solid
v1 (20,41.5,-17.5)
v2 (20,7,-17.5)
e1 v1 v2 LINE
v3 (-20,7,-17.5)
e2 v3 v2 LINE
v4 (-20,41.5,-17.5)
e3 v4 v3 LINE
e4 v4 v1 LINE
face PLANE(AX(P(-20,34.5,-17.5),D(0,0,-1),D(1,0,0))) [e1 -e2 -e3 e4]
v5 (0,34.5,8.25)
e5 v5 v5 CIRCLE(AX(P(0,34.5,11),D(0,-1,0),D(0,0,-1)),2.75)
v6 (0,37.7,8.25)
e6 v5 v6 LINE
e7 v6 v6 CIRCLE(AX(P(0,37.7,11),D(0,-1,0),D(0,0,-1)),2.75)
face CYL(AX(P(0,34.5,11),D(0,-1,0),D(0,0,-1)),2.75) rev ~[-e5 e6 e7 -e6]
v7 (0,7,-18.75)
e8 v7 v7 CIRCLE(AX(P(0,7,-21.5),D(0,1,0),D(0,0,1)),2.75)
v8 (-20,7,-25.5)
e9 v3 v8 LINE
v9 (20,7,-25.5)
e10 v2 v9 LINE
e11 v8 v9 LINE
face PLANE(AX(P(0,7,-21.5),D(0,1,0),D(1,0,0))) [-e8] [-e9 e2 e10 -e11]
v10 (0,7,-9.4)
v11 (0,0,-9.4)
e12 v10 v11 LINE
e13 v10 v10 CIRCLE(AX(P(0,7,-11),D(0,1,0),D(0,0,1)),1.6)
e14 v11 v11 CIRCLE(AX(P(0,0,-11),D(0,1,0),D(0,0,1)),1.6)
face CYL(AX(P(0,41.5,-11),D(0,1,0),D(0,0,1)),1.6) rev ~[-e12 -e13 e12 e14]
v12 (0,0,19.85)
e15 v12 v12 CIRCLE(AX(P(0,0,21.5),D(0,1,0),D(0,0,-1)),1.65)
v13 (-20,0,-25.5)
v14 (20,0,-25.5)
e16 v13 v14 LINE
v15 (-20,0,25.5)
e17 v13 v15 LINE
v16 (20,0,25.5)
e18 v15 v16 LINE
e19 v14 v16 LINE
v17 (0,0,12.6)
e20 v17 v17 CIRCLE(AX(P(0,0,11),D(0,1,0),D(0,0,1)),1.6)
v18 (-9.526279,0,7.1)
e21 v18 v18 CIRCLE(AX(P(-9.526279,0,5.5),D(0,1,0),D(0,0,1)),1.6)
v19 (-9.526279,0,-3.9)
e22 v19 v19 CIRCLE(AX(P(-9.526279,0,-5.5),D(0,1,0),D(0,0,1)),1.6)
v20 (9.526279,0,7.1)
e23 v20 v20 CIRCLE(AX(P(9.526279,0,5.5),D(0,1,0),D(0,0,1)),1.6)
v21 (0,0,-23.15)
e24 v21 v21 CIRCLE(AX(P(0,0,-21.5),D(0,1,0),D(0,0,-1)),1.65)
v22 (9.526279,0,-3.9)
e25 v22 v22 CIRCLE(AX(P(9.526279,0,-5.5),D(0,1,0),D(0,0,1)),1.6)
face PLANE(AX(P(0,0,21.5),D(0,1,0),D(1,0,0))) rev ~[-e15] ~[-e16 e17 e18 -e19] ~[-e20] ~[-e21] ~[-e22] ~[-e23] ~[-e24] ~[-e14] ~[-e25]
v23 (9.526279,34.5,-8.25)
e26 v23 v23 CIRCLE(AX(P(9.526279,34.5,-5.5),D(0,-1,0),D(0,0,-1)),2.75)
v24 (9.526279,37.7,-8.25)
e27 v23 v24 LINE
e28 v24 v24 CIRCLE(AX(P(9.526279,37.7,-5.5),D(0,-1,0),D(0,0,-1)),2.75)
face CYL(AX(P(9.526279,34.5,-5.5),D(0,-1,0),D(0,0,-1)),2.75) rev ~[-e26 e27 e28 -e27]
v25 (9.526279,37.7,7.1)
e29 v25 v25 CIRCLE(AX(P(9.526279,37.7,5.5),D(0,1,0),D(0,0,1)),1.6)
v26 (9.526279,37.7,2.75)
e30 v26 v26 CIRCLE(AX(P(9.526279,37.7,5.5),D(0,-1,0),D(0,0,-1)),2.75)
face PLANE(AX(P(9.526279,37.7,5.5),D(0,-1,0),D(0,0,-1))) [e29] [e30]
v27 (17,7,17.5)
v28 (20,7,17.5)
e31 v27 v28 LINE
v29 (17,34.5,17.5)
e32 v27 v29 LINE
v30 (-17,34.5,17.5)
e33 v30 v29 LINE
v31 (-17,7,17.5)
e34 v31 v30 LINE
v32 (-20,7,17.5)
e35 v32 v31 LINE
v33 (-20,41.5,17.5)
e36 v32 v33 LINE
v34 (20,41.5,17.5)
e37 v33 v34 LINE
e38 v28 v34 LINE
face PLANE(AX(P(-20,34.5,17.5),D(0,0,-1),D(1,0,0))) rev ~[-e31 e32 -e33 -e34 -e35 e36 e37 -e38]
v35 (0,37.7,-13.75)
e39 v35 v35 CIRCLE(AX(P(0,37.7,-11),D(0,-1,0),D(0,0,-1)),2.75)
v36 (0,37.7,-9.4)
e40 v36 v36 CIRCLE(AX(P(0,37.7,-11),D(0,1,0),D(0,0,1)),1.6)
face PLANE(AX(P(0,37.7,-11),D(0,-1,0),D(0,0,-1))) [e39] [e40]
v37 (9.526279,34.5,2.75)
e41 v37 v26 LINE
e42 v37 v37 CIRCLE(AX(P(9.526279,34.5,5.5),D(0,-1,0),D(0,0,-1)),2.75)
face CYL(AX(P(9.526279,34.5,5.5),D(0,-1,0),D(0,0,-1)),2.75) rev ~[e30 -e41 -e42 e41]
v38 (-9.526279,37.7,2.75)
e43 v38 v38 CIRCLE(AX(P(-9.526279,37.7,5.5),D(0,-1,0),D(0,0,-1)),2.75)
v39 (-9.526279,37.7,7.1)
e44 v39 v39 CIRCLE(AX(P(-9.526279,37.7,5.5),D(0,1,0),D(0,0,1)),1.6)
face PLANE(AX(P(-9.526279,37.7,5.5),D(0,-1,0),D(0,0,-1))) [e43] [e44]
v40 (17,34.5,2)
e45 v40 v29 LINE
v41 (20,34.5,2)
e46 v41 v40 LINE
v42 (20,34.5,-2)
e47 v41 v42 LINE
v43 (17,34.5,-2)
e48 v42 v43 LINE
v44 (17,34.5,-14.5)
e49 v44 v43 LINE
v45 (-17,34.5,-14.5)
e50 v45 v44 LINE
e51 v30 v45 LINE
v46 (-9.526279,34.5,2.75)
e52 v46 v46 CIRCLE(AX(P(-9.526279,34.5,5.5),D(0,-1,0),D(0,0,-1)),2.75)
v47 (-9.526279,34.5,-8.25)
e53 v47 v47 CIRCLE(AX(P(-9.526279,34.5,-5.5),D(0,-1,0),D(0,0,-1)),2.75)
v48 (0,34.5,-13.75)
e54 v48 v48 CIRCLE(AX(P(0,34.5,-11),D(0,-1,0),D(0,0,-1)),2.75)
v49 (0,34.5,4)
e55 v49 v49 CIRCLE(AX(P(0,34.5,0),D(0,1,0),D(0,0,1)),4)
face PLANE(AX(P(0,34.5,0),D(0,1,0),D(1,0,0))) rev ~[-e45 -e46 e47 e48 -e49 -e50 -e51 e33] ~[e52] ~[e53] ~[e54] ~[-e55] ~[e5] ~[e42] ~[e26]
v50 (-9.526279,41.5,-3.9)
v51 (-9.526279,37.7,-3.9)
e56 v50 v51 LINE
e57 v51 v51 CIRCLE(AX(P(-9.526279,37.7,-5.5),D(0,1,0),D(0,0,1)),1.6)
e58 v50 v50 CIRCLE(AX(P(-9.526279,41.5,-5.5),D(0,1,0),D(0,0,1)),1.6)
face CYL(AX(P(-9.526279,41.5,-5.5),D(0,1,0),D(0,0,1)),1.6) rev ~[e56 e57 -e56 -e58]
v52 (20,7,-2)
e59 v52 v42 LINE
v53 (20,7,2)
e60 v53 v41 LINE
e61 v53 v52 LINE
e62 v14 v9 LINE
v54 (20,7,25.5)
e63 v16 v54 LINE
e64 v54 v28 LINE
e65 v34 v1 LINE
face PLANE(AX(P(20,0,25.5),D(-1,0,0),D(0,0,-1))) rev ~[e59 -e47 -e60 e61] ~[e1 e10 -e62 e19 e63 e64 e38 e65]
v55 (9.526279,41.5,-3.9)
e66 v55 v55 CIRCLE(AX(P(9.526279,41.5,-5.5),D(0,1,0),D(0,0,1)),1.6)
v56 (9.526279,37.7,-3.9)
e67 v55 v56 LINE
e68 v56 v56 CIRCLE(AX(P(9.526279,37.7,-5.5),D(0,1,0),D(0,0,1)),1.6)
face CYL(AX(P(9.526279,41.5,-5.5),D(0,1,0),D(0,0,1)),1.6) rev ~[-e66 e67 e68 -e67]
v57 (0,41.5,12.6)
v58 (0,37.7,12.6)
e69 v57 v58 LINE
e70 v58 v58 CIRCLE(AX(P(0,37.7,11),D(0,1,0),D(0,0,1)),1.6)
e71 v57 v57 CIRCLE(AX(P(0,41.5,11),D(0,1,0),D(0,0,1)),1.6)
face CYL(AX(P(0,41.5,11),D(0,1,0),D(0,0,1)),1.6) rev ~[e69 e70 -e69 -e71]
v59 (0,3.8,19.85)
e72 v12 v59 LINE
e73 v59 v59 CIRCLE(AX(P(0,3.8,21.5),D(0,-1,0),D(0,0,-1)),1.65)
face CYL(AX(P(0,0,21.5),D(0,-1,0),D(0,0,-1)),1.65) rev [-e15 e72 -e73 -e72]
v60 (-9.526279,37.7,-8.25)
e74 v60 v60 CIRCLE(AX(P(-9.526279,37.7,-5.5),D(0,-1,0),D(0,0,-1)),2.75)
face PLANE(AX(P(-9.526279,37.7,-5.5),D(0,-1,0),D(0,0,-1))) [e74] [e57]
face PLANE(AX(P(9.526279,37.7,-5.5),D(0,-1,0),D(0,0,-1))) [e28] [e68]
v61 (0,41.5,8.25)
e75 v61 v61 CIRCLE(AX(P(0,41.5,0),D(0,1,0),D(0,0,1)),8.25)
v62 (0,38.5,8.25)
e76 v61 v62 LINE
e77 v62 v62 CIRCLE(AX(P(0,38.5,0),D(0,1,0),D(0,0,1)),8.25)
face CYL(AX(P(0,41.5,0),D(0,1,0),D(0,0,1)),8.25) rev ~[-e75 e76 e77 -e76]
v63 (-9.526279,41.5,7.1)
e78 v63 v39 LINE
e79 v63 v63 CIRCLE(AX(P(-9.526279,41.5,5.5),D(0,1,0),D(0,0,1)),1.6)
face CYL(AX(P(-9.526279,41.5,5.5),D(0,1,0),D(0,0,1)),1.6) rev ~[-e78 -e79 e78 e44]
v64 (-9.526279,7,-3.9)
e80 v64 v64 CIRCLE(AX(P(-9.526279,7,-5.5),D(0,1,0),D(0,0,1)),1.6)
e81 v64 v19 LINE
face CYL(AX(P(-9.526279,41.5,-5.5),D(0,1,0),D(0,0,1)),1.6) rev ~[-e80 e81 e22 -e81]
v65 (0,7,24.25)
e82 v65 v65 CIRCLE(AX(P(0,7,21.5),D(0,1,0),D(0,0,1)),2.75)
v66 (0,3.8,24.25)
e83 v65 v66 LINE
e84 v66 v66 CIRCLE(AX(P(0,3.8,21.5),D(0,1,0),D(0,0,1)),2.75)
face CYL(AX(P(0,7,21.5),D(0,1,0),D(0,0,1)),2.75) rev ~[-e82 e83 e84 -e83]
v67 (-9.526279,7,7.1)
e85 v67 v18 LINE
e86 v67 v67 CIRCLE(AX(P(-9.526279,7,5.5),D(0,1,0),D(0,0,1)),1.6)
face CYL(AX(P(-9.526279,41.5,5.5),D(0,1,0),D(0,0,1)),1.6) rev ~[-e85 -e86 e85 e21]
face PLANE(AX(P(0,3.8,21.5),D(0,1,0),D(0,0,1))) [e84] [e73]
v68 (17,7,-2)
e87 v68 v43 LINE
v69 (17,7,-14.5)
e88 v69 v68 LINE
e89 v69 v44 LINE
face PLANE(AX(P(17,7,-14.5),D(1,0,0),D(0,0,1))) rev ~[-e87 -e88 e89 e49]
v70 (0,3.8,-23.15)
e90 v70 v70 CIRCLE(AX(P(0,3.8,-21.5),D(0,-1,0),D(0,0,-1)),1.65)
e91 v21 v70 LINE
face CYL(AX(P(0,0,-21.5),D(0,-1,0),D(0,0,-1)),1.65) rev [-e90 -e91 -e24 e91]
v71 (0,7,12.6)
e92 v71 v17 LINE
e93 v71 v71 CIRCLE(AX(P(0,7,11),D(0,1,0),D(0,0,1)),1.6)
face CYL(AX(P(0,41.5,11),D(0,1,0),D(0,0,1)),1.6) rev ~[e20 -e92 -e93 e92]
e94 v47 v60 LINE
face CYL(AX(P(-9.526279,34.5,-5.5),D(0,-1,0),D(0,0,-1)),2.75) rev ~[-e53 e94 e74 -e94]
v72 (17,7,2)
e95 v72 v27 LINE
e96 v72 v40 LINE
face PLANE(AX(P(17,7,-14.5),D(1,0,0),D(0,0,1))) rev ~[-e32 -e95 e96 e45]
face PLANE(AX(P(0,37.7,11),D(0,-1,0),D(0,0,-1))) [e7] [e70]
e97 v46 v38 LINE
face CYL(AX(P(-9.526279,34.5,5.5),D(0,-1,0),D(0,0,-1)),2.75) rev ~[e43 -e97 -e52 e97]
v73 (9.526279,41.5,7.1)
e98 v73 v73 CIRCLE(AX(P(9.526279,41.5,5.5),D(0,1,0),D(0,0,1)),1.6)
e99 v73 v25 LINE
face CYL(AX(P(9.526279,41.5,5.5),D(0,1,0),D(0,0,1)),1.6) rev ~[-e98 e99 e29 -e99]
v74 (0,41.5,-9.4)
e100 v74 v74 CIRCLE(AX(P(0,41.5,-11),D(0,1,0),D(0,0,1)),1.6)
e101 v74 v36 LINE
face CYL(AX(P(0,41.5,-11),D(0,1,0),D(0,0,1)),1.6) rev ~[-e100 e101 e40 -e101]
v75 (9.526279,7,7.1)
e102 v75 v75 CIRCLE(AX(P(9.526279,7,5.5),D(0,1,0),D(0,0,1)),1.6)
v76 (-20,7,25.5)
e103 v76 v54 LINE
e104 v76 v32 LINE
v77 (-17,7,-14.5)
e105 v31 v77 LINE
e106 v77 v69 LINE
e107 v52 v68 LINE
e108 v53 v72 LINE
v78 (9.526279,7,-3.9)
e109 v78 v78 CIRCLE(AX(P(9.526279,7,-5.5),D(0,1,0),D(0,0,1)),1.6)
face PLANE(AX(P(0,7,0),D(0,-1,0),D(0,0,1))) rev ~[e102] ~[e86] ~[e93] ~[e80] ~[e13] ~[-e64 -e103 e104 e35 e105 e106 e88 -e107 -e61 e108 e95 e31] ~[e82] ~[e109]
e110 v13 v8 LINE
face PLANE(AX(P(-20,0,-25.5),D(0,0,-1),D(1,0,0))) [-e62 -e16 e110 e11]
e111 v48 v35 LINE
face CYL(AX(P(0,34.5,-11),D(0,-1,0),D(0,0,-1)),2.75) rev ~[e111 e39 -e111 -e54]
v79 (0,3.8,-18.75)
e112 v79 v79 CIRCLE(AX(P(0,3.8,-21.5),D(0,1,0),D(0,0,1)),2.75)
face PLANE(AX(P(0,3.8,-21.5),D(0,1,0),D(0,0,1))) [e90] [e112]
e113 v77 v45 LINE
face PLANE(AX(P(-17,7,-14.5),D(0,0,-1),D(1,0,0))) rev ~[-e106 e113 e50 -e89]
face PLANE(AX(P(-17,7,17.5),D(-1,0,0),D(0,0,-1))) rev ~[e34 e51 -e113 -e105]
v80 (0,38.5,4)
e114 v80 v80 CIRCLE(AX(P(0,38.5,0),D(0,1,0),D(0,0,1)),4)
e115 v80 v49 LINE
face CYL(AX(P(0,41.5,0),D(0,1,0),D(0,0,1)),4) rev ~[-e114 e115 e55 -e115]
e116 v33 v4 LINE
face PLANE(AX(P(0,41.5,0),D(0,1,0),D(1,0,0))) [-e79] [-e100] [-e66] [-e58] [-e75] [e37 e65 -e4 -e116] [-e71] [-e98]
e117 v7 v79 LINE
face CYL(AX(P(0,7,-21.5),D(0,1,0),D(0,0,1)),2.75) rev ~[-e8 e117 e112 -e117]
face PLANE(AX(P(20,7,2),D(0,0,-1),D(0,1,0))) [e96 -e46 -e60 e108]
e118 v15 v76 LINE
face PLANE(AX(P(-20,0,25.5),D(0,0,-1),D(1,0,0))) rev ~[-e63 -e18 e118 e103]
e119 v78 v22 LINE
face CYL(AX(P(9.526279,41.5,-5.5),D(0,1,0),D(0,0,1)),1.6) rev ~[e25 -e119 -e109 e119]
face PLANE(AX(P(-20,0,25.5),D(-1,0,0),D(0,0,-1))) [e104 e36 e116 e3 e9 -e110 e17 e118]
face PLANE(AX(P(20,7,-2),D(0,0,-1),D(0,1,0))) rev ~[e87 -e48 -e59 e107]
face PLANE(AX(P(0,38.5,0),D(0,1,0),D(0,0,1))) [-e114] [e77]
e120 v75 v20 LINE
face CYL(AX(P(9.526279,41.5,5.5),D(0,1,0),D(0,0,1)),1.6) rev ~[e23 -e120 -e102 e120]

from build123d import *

# Parameters (mm, degrees)
SKETCH1_W           = 40
SKETCH1_H           = 35
BOSS_EXTRUDE1_DEPTH = 7
BOSS_EXTRUDE2_DEPTH = 27.5
SKETCH3_W           = 40
SKETCH3_H           = 35
BOSS_EXTRUDE3_DEPTH = 7
SKETCH4_R           = 1.6
SKETCH4_R_2         = 4
CUT_EXTRUDE1_DEPTH  = 57
SKETCH5_R           = 2.75
CUT_EXTRUDE2_DEPTH  = 3.2
SKETCH6_R           = 8.25
CUT_EXTRUDE3_DEPTH  = 3
SKETCH7_W           = 4
SKETCH7_H           = 27.5
CUT_EXTRUDE4_DEPTH  = 12.4
SKETCH8_W           = 40
SKETCH8_H           = 8
SKETCH8_R           = 1.65
BOSS_EXTRUDE4_DEPTH = 7
SKETCH10_R          = 2.75
CUT_EXTRUDE5_DEPTH  = 3.2
BOSS_EXTRUDE5_START = -7
SKETCH11_R          = 4
BOSS_EXTRUDE5_DEPTH = 7


with BuildPart() as part:
    # Sketch1 → Boss-Extrude1 (new body)
    with BuildSketch(Plane(origin=(0, 0, 0), x_dir=(1, 0, 0), z_dir=(0, 1, 0))):
        Rectangle(SKETCH1_W, SKETCH1_H)
    extrude(amount=BOSS_EXTRUDE1_DEPTH)

    # Sketch2 → Boss-Extrude2 (add)
    with BuildSketch(Plane(origin=(0, 7, 0), x_dir=(1, 0, 0), z_dir=(0, 1, 0))):
        Polygon((-20, -17.5), (-17, -17.5), (-17, 14.5), (17, 14.5), (17, -17.5), (20, -17.5), (20, 17.5), (-20, 17.5), align=None)
    extrude(amount=BOSS_EXTRUDE2_DEPTH)

    # Sketch3 → Boss-Extrude3 (add)
    with BuildSketch(Plane(origin=(0, 34.5, 0), x_dir=(1, 0, 0), z_dir=(0, 1, 0))):
        Rectangle(SKETCH3_W, SKETCH3_H)
    extrude(amount=BOSS_EXTRUDE3_DEPTH)

    # Sketch4 → Cut-Extrude1 (cut)
    with BuildSketch(Plane(origin=(0, 41.5, 0), x_dir=(1, 0, 0), z_dir=(0, 1, 0))):
        with Locations(Location((0, 11, 0), (0, 0, 270))):
            Circle(SKETCH4_R)
        with Locations(Location((9.526279442, 5.5, 0), (0, 0, 270))):
            Circle(SKETCH4_R)
        with Locations(Location((9.526279442, -5.5, 0), (0, 0, 270))):
            Circle(SKETCH4_R)
        with Locations(Location((0, -11, 0), (0, 0, 270))):
            Circle(SKETCH4_R)
        with Locations(Location((-9.526279442, -5.5, 0), (0, 0, 270))):
            Circle(SKETCH4_R)
        with Locations(Location((-9.526279442, 5.5, 0), (0, 0, 270))):
            Circle(SKETCH4_R)
        with Locations(Location((0, 0, 0), (0, 0, 270))):
            Circle(SKETCH4_R_2)
    extrude(amount=-CUT_EXTRUDE1_DEPTH, mode=Mode.SUBTRACT)

    # Sketch5 → Cut-Extrude2 (cut)
    with BuildSketch(Plane.XZ.offset(-34.5)):
        with Locations(Location((0, 11, 0), (0, 0, 270))):
            Circle(SKETCH5_R)
        with Locations(Location((0, -11, 0), (0, 0, 270))):
            Circle(SKETCH5_R)
        with Locations(Location((9.526279442, -5.5, 0), (0, 0, 270))):
            Circle(SKETCH5_R)
        with Locations(Location((9.526279442, 5.5, 0), (0, 0, 270))):
            Circle(SKETCH5_R)
        with Locations(Location((-9.526279442, 5.5, 0), (0, 0, 270))):
            Circle(SKETCH5_R)
        with Locations(Location((-9.526279442, -5.5, 0), (0, 0, 270))):
            Circle(SKETCH5_R)
    extrude(amount=-CUT_EXTRUDE2_DEPTH, mode=Mode.SUBTRACT)

    # Sketch6 → Cut-Extrude3 (cut)
    with BuildSketch(Plane(origin=(0, 41.5, 0), x_dir=(1, 0, 0), z_dir=(0, 1, 0))):
        with Locations(Location((0, 0, 0), (0, 0, 270))):
            Circle(SKETCH6_R)
    extrude(amount=-CUT_EXTRUDE3_DEPTH, mode=Mode.SUBTRACT)

    # Sketch7 → Cut-Extrude4 (cut)
    with BuildSketch(Plane(origin=(20, 0, 0), x_dir=(0, 0, -1), z_dir=(1, 0, 0))):
        with Locations((0, 20.75)):
            Rectangle(SKETCH7_W, SKETCH7_H)
    extrude(amount=-CUT_EXTRUDE4_DEPTH, mode=Mode.SUBTRACT)

    # Sketch8 → Boss-Extrude4 (add)
    # profile 1 of 2: a face of its own
    with BuildSketch(Plane(origin=(0, 0, 0), x_dir=(1, 0, 0), z_dir=(0, 1, 0))):
        with Locations((0, -21.5)):
            Rectangle(SKETCH8_W, SKETCH8_H)
        with Locations(Location((0, -21.5, 0), (0, 0, 90))):
            Circle(SKETCH8_R, mode=Mode.SUBTRACT)
    # profile 2 of 2: a face of its own
    with BuildSketch(Plane(origin=(0, 0, 0), x_dir=(1, 0, 0), z_dir=(0, 1, 0))):
        with Locations((0, 21.5)):
            Rectangle(SKETCH8_W, SKETCH8_H)
        with Locations(Location((0, 21.5, 0), (0, 0, 90))):
            Circle(SKETCH8_R, mode=Mode.SUBTRACT)
    extrude(amount=BOSS_EXTRUDE4_DEPTH)

    # Sketch10 → Cut-Extrude5 (cut)
    with BuildSketch(Plane(origin=(0, 7, 0), x_dir=(1, 0, 0), z_dir=(0, 1, 0))):
        with Locations(Location((0, 21.5, 0), (0, 0, 270))):
            Circle(SKETCH10_R)
        with Locations(Location((0, -21.5, 0), (0, 0, 270))):
            Circle(SKETCH10_R)
    extrude(amount=-CUT_EXTRUDE5_DEPTH, mode=Mode.SUBTRACT)

    # Sketch11 → Boss-Extrude5 (add)
    with BuildSketch(Plane.XZ.offset(BOSS_EXTRUDE5_START)):
        with Locations(Location((0, 0, 0), (0, 0, 90))):
            Circle(SKETCH11_R)
    extrude(amount=BOSS_EXTRUDE5_DEPTH)


solid = part.part
